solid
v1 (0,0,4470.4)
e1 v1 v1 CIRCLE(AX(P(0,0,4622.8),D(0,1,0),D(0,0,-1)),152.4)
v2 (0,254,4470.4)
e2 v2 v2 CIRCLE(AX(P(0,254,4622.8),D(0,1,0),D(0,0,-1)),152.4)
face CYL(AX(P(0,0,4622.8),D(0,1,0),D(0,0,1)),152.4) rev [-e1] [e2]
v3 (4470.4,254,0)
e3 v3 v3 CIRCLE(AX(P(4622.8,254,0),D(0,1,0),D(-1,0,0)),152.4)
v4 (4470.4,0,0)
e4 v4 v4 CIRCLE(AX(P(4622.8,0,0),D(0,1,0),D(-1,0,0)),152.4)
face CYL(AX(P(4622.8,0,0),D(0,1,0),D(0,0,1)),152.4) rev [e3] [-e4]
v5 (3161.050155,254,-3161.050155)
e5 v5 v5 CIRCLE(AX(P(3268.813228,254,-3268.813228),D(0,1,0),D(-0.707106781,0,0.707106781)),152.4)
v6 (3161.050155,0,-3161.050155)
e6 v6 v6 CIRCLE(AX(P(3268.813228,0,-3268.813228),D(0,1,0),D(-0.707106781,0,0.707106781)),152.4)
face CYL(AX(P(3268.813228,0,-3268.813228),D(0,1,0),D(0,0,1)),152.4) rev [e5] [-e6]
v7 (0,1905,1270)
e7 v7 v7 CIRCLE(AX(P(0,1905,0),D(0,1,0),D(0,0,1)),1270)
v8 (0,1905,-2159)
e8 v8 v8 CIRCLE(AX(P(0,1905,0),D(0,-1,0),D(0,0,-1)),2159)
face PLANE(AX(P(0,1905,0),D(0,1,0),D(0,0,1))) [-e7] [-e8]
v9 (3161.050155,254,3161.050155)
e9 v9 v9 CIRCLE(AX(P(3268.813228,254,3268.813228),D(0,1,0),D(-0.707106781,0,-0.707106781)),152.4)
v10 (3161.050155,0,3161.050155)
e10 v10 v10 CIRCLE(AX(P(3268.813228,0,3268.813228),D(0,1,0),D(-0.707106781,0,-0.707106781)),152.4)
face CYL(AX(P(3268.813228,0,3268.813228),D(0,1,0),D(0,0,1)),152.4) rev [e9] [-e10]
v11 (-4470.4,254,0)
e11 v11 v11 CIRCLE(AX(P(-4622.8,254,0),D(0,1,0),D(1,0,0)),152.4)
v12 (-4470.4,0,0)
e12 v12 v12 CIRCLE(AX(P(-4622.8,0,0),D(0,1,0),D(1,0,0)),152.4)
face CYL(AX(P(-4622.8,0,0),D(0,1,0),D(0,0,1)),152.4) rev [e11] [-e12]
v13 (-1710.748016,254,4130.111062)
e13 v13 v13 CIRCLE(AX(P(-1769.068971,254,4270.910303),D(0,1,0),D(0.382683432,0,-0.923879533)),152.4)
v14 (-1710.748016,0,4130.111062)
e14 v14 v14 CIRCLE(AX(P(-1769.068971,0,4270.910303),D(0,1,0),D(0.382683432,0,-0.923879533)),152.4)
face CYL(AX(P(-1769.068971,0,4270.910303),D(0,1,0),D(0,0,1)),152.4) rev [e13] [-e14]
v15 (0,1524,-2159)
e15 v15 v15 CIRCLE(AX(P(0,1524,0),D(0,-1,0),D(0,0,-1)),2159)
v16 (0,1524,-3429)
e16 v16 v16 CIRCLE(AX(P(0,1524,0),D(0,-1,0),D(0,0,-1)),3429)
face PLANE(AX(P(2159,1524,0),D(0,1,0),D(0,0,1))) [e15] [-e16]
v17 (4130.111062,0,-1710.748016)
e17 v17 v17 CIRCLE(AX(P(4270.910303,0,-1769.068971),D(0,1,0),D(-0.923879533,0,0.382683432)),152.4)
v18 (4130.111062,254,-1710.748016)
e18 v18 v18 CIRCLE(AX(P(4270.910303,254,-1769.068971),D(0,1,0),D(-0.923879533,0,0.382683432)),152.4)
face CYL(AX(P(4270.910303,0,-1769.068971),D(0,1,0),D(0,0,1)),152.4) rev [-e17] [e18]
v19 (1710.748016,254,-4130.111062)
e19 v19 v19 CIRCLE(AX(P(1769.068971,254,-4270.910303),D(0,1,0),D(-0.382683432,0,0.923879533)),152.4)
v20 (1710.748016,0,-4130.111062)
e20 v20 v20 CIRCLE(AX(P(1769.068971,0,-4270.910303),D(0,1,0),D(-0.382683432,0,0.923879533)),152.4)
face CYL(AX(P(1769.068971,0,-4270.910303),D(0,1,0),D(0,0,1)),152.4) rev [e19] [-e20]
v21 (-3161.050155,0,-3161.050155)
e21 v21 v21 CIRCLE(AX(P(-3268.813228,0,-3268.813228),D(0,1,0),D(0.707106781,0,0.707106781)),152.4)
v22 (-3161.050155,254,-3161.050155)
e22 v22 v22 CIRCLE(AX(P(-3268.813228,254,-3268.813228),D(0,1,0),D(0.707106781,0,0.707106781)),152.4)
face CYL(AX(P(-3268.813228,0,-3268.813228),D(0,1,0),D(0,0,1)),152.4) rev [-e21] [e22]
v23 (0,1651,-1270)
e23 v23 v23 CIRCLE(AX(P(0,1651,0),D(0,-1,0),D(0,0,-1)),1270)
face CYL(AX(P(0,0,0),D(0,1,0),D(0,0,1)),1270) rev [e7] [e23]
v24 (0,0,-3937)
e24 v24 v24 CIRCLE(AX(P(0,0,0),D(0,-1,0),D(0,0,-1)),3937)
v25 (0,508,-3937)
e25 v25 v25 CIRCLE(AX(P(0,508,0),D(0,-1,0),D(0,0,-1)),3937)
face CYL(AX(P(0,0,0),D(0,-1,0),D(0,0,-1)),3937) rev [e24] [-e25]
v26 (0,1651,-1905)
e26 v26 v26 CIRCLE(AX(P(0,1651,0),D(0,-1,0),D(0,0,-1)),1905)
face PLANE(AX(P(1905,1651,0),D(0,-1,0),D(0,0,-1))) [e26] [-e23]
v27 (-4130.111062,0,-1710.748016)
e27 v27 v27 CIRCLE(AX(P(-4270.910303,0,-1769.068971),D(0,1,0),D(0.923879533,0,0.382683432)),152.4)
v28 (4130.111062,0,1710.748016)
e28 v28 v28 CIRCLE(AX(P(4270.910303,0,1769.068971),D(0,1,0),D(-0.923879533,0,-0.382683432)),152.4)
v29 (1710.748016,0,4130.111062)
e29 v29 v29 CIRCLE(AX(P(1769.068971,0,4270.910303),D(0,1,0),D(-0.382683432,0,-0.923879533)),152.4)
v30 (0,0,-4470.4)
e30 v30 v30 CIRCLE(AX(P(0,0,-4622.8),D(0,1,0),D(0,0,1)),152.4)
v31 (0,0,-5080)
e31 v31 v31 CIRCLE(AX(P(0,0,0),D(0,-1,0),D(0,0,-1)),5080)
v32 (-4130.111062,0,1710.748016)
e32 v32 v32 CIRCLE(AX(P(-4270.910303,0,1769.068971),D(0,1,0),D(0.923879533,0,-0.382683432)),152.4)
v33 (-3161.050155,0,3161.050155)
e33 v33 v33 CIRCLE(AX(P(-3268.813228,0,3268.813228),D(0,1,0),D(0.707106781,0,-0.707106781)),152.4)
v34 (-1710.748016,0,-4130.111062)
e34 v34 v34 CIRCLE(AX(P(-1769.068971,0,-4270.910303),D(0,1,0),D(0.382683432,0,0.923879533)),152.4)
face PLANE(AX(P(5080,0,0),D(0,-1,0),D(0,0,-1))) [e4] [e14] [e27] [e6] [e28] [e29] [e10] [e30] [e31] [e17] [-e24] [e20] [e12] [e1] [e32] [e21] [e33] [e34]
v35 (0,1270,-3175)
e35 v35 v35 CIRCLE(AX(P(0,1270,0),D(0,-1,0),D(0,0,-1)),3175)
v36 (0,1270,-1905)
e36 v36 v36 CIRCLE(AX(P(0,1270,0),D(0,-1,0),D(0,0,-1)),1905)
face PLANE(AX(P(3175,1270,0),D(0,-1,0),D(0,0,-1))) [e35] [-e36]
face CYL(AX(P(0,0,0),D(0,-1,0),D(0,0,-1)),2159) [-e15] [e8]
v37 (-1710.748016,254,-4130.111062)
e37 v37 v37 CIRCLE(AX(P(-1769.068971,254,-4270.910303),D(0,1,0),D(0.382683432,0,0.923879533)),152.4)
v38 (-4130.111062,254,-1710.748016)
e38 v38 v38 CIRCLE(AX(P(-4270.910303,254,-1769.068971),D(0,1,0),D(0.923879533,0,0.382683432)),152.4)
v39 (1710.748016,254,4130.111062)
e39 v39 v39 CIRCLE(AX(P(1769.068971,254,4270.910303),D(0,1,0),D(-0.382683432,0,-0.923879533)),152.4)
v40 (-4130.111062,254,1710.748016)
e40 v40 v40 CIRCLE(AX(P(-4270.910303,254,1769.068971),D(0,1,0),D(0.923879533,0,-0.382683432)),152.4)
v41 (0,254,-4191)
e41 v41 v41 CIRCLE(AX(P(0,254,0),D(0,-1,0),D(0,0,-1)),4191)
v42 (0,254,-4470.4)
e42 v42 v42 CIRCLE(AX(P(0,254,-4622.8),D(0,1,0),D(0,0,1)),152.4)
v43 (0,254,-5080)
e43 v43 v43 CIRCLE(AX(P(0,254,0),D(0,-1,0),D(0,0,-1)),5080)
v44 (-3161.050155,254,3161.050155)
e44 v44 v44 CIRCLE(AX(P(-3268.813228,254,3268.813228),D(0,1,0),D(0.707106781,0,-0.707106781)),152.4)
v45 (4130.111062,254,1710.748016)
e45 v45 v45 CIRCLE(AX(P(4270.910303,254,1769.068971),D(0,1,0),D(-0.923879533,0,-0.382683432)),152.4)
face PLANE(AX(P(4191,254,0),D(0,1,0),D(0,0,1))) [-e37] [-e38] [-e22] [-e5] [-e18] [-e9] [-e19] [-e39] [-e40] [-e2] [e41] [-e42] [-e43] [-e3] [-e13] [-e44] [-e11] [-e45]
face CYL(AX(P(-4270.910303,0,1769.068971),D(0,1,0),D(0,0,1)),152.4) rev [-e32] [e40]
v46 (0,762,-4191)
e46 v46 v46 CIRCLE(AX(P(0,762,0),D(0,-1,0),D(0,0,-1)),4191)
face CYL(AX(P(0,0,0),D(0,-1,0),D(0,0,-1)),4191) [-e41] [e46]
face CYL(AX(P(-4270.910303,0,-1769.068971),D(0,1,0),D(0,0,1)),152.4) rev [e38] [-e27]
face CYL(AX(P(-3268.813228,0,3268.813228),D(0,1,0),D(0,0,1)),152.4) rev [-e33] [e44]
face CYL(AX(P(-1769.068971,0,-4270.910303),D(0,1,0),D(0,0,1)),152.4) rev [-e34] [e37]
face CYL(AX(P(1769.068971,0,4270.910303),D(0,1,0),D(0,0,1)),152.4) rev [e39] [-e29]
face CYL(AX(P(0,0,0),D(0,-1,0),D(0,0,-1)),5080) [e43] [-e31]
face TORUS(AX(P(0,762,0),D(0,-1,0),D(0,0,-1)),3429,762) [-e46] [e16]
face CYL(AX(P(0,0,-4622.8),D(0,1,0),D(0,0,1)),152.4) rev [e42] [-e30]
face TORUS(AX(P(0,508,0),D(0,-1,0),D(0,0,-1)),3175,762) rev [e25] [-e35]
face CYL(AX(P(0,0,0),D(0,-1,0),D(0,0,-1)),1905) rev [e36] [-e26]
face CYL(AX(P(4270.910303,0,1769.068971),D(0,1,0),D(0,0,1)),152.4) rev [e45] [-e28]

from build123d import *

# Parameters (mm, degrees)
SKETCH4_R          = 1270
CUT_EXTRUDE3_DEPTH = 7433.484443307
SKETCH5_R          = 152.4
CUT_EXTRUDE4_DEPTH = 7372.472105353
CIRPATTERN2_COUNT  = 16


with BuildPart() as part:
    # Sketch1 → Revolve2 (revolve)
    with BuildSketch(Plane.XY, mode=Mode.PRIVATE) as revolve2_sk:
        with BuildLine():
            Line((0, 1905), (2159, 1905))
            Line((2159, 1905), (2159, 1524))
            Line((2159, 1524), (3429, 1524))
            ThreePointArc((3429, 1524), (3967.815367264, 1300.815367264), (4191, 762))
            Line((4191, 762), (4191, 254))
            Line((4191, 254), (5080, 254))
            Line((5080, 254), (5080, 0))
            Line((5080, 0), (3937, 0))
            Line((3937, 0), (3937, 508))
            ThreePointArc((3937, 508), (3713.815367264, 1046.815367264), (3175, 1270))
            Line((3175, 1270), (1905, 1270))
            Line((1905, 1270), (1905, 1651))
            Line((1905, 1651), (0, 1651))
            Line((0, 1651), (0, 1905))
        make_face()
    revolve(revolve2_sk.sketch.rotate(Axis((0, 0, 0), (0, 1, 0)), 90), axis=Axis((0, 0, 0), (0, 1, 0)))

    # Sketch4 → Cut-Extrude3 (cut, through all)
    with BuildSketch(Plane(origin=(0, 1905, 0), x_dir=(1, 0, 0), z_dir=(0, 1, 0))):
        with Locations(Location((0, 0, 0), (0, 0, 270))):
            Circle(SKETCH4_R)
    extrude(amount=-CUT_EXTRUDE3_DEPTH, mode=Mode.SUBTRACT)

    # Sketch5 → Cut-Extrude4 (cut, through all)
    with BuildSketch(Plane(origin=(0, 254, 0), x_dir=(1, 0, 0), z_dir=(0, 1, 0))):
        with Locations(Location((0, 4622.8, 0), (0, 0, 270))):
            Circle(SKETCH5_R)
    cut_extrude4 = extrude(amount=-CUT_EXTRUDE4_DEPTH, mode=Mode.SUBTRACT)

    # CirPattern2: Cut-Extrude4 ×16 about axis
    cirpattern2_axis = Axis((0, 0, 0), (0, 1, 0))
    for i in range(1, CIRPATTERN2_COUNT):
        add(cut_extrude4.rotate(cirpattern2_axis, i * 360 / CIRPATTERN2_COUNT), mode=Mode.SUBTRACT)


solid = part.part
